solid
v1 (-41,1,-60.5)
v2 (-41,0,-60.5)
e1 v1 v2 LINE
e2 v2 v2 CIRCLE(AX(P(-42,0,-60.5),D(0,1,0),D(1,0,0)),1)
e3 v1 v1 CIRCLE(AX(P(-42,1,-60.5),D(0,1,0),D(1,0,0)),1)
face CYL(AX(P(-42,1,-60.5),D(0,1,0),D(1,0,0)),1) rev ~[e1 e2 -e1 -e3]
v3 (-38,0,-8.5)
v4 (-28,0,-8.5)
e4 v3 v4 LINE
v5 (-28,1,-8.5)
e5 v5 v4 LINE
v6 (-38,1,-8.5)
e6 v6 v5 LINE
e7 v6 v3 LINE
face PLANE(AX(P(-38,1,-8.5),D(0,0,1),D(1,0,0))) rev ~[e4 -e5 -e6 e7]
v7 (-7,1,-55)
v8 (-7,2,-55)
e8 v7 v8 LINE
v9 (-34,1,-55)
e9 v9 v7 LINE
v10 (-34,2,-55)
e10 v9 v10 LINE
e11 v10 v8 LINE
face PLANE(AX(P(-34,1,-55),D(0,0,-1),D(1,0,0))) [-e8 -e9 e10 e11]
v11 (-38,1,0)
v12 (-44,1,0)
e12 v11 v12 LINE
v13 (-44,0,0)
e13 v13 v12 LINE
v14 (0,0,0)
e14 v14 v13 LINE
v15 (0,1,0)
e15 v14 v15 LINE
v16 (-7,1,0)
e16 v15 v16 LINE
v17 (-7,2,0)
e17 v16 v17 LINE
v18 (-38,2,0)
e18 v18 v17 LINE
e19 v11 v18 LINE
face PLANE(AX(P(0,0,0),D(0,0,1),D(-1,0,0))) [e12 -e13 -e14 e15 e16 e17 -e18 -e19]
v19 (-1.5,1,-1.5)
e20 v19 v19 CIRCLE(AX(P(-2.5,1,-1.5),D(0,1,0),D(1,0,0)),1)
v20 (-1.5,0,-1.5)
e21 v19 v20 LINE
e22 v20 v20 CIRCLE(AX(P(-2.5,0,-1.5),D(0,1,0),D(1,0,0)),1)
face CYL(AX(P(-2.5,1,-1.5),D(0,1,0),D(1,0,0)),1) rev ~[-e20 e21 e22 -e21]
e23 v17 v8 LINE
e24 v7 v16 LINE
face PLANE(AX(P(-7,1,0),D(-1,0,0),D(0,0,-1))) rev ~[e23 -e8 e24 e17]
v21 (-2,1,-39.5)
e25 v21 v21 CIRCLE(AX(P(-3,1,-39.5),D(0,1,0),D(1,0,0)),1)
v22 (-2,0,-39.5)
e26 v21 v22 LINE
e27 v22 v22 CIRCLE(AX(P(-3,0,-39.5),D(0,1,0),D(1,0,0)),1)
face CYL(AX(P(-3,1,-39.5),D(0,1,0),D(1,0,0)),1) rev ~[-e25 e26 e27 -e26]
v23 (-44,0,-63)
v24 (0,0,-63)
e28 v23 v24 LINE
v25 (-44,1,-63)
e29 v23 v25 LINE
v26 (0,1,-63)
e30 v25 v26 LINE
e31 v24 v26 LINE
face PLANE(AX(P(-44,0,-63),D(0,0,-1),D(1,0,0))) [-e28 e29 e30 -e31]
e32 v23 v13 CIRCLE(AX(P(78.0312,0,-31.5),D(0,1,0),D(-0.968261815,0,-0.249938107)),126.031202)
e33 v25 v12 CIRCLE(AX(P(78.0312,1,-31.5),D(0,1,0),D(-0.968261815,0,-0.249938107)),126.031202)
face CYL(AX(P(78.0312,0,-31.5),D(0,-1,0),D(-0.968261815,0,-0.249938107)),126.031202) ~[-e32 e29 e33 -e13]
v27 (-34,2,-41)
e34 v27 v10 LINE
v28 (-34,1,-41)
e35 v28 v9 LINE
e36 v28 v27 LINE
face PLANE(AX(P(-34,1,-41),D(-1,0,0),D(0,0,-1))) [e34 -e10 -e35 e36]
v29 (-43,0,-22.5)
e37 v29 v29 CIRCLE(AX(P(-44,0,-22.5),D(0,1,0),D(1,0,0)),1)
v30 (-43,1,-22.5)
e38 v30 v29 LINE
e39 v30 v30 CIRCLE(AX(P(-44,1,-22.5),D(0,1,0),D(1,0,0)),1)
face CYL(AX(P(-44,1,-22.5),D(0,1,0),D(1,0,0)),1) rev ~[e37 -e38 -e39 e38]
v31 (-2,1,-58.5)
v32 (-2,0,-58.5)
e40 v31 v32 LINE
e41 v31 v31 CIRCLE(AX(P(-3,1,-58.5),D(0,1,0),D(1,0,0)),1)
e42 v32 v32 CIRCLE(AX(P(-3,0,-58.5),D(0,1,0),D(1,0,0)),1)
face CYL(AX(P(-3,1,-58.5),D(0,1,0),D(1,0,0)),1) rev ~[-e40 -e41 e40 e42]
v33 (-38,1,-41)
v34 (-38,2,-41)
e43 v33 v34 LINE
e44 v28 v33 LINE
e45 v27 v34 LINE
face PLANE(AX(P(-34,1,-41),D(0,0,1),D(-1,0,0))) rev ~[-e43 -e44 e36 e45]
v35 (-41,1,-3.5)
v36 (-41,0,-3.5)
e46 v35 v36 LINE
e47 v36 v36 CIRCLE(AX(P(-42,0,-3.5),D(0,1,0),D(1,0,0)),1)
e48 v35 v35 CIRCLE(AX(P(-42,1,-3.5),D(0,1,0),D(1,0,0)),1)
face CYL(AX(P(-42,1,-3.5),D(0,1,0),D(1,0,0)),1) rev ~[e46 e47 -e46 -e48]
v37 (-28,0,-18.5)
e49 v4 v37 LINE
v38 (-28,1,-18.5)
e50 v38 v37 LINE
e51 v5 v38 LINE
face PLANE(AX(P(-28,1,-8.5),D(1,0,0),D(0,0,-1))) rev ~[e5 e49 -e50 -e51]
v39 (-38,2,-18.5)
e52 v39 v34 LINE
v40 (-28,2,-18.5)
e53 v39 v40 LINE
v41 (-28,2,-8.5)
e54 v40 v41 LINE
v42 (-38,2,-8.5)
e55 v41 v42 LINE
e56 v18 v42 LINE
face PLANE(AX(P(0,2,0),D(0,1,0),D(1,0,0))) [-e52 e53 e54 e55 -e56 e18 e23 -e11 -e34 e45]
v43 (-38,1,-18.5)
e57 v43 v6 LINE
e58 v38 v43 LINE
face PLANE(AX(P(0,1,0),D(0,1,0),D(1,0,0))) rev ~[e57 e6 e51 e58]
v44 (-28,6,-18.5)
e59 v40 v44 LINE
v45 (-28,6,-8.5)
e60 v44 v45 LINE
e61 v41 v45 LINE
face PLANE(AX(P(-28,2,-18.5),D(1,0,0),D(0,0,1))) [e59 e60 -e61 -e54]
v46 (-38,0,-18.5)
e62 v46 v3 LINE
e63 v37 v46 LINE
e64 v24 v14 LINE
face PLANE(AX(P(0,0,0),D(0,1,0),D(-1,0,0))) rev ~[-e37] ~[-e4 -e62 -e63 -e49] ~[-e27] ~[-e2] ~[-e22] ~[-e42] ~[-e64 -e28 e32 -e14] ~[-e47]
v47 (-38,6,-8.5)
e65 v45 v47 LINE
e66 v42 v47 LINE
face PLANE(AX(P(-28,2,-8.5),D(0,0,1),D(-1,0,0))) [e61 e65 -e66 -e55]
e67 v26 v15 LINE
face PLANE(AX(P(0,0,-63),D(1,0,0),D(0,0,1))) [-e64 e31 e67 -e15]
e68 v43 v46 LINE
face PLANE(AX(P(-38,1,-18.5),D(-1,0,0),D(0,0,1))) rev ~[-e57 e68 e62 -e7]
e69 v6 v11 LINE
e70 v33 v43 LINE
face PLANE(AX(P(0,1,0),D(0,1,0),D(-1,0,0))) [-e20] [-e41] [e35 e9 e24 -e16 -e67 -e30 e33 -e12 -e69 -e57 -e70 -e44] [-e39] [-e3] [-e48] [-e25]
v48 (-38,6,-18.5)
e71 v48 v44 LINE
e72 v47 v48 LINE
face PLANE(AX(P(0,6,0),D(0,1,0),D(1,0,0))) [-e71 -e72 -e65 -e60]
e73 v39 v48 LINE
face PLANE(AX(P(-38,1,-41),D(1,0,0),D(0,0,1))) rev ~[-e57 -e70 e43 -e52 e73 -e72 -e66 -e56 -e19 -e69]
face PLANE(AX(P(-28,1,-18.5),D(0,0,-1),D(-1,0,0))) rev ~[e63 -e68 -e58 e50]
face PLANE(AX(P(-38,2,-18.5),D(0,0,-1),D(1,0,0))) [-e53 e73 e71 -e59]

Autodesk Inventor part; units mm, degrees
ref_plane "YZ Plane" through (0, 0, 0) normal (1, 0, 0) x (0, 1, 0)
ref_plane "XZ Plane" through (0, 0, 0) normal (0, 1, 0) x (-1, 0, 0)
ref_plane "XY Plane" through (0, 0, 0) normal (0, 0, 1) x (1, 0, 0)
sketch "Skizze1" plane through (0, 0, 0) normal (0, 1, 0) x (-1, 0, 0)
  line L0 (0, 0) -> (48, 0)
  line L1 (48, 0) -> (48, -63) construction
  line L2 (48, -63) -> (0, -63)
  line L3 (0, -63) -> (0, 0)
  arc A0 (44, -63) -> (44, 0) centre (-78.0312, -31.5) ccw
  line L4 (44, 0) -> (44, -63) construction
  line L5 (44, 0) -> (107, 0) construction
  dimension "d0" = 48
  dimension "d1" = 63
  dimension "d2" = 90
extrude "Extrusion1" add sketch "Skizze1" along normal blind 1
sketch "Skizze2" plane through (0, 1, 0) normal (0, 1, 0) x (1, 0, 0)
  line L0 (-44, 0) -> (0, 0) projected
  line L1 (0, 0) -> (0, 63) projected
  line L2 (0, 63) -> (-44, 63) projected
  arc A0 (-44, 63) -> (-44, 0) centre (78.0312, 31.5) ccw projected
  circle A1 centre (-42, 3.5) radius 1
  circle A2 centre (-2.5, 1.5) radius 1
  circle A3 centre (-44, 22.5) radius 1
  circle A4 centre (-42, 60.5) radius 1
  circle A5 centre (-3, 58.5) radius 1
  circle A6 centre (-3, 39.5) radius 1
  line L3 (-38, 8.5) -> (-28, 8.5)
  line L4 (-28, 8.5) -> (-28, 18.5)
  line L5 (-28, 18.5) -> (-38, 18.5)
  line L6 (-38, 18.5) -> (-38, 8.5)
  point P0 (0, 0)
  dimension "d5" = 2
  dimension "d6" = 3.5
  dimension "d7" = 2
  dimension "d8" = 2
  dimension "d9" = 2
  dimension "d10" = 39.5
  dimension "d11" = 2
  dimension "d12" = 2
  dimension "d13" = 19
  dimension "d14" = 2
  dimension "d15" = 57
  dimension "d16" = 2
  dimension "d17" = 2
  dimension "d18" = 39
  dimension "d19" = 2
  dimension "d20" = 19
  dimension "d21" = 10
  dimension "d22" = 10
  dimension "d23" = 5
  dimension "d24" = 4
extrude "Extrusion2" cut sketch "Skizze2" against normal through all contours A1 | A2 | A3 | A4 | A5 | A6 | L6 L5 L4 L3
sketch "Skizze3" plane through (0, 1, 0) normal (0, 1, 0) x (1, 0, 0)
  circle A0 centre (-3, 39.5) radius 1 projected
  circle A1 centre (-42, 60.5) radius 1 projected
  circle A2 centre (-2.5, 1.5) radius 1 projected
  circle A3 centre (-42, 3.5) radius 1 projected
  circle A4 centre (-44, 22.5) radius 1 projected
  circle A5 centre (-3, 58.5) radius 1 projected
  line L0 (-28, 18.5) -> (-28, 8.5) projected
  line L1 (-28, 8.5) -> (-38, 8.5) projected
  line L2 (-38, 8.5) -> (-38, 18.5) projected
  line L3 (-38, 18.5) -> (-28, 18.5) projected
  line L4 (-44, 0) -> (0, 0) projected
  line L5 (0, 0) -> (0, 63) projected
  line L6 (0, 63) -> (-44, 63) projected
  arc A6 (-44, 63) -> (-44, 0) centre (78.0312, 31.5) ccw projected
  line L7 (-28, 8.5) -> (-38, 8.5) projected
  line L8 (-38, 8.5) -> (-28, 8.5)
  line L9 (-28, 8.5) -> (-28, 18.5)
  line L10 (-28, 18.5) -> (-38, 18.5)
  line L11 (-38, 18.5) -> (-38, 8.5)
  line L12 (-38, 0) -> (-7, 0)
  line L13 (-7, 0) -> (-7, 41)
  line L14 (-7, 41) -> (-38, 41)
  line L15 (-38, 41) -> (-38, 0)
  line L16 (-7, 41) -> (-34, 41)
  line L17 (-34, 41) -> (-34, 55)
  line L18 (-34, 55) -> (-7, 55)
  line L19 (-7, 55) -> (-7, 41)
  point P0 (0, 0)
  dimension "d27" = 31
  dimension "d28" = 41
  dimension "d31" = 27
  dimension "d32" = 8
extrude "Extrusion3" add sketch "Skizze3" along normal blind 1 contours L3 L15 L14 L13 L4 L1 L0 | L0 L1 L2 L3 | L17 L18 L19 L14
sketch "Skizze4" plane through (0, 2, 0) normal (0, 1, 0) x (1, 0, 0)
  line L0 (-38, 18.5) -> (-28, 18.5) projected
  line L1 (-28, 18.5) -> (-28, 8.5) projected
  line L2 (-28, 8.5) -> (-38, 8.5) projected
  line L3 (-38, 8.5) -> (-38, 18.5) projected
  point P0 (0, 0)
extrude "Extrusion4" add sketch "Skizze4" along normal blind 4
properties part number "00_Backplate"
